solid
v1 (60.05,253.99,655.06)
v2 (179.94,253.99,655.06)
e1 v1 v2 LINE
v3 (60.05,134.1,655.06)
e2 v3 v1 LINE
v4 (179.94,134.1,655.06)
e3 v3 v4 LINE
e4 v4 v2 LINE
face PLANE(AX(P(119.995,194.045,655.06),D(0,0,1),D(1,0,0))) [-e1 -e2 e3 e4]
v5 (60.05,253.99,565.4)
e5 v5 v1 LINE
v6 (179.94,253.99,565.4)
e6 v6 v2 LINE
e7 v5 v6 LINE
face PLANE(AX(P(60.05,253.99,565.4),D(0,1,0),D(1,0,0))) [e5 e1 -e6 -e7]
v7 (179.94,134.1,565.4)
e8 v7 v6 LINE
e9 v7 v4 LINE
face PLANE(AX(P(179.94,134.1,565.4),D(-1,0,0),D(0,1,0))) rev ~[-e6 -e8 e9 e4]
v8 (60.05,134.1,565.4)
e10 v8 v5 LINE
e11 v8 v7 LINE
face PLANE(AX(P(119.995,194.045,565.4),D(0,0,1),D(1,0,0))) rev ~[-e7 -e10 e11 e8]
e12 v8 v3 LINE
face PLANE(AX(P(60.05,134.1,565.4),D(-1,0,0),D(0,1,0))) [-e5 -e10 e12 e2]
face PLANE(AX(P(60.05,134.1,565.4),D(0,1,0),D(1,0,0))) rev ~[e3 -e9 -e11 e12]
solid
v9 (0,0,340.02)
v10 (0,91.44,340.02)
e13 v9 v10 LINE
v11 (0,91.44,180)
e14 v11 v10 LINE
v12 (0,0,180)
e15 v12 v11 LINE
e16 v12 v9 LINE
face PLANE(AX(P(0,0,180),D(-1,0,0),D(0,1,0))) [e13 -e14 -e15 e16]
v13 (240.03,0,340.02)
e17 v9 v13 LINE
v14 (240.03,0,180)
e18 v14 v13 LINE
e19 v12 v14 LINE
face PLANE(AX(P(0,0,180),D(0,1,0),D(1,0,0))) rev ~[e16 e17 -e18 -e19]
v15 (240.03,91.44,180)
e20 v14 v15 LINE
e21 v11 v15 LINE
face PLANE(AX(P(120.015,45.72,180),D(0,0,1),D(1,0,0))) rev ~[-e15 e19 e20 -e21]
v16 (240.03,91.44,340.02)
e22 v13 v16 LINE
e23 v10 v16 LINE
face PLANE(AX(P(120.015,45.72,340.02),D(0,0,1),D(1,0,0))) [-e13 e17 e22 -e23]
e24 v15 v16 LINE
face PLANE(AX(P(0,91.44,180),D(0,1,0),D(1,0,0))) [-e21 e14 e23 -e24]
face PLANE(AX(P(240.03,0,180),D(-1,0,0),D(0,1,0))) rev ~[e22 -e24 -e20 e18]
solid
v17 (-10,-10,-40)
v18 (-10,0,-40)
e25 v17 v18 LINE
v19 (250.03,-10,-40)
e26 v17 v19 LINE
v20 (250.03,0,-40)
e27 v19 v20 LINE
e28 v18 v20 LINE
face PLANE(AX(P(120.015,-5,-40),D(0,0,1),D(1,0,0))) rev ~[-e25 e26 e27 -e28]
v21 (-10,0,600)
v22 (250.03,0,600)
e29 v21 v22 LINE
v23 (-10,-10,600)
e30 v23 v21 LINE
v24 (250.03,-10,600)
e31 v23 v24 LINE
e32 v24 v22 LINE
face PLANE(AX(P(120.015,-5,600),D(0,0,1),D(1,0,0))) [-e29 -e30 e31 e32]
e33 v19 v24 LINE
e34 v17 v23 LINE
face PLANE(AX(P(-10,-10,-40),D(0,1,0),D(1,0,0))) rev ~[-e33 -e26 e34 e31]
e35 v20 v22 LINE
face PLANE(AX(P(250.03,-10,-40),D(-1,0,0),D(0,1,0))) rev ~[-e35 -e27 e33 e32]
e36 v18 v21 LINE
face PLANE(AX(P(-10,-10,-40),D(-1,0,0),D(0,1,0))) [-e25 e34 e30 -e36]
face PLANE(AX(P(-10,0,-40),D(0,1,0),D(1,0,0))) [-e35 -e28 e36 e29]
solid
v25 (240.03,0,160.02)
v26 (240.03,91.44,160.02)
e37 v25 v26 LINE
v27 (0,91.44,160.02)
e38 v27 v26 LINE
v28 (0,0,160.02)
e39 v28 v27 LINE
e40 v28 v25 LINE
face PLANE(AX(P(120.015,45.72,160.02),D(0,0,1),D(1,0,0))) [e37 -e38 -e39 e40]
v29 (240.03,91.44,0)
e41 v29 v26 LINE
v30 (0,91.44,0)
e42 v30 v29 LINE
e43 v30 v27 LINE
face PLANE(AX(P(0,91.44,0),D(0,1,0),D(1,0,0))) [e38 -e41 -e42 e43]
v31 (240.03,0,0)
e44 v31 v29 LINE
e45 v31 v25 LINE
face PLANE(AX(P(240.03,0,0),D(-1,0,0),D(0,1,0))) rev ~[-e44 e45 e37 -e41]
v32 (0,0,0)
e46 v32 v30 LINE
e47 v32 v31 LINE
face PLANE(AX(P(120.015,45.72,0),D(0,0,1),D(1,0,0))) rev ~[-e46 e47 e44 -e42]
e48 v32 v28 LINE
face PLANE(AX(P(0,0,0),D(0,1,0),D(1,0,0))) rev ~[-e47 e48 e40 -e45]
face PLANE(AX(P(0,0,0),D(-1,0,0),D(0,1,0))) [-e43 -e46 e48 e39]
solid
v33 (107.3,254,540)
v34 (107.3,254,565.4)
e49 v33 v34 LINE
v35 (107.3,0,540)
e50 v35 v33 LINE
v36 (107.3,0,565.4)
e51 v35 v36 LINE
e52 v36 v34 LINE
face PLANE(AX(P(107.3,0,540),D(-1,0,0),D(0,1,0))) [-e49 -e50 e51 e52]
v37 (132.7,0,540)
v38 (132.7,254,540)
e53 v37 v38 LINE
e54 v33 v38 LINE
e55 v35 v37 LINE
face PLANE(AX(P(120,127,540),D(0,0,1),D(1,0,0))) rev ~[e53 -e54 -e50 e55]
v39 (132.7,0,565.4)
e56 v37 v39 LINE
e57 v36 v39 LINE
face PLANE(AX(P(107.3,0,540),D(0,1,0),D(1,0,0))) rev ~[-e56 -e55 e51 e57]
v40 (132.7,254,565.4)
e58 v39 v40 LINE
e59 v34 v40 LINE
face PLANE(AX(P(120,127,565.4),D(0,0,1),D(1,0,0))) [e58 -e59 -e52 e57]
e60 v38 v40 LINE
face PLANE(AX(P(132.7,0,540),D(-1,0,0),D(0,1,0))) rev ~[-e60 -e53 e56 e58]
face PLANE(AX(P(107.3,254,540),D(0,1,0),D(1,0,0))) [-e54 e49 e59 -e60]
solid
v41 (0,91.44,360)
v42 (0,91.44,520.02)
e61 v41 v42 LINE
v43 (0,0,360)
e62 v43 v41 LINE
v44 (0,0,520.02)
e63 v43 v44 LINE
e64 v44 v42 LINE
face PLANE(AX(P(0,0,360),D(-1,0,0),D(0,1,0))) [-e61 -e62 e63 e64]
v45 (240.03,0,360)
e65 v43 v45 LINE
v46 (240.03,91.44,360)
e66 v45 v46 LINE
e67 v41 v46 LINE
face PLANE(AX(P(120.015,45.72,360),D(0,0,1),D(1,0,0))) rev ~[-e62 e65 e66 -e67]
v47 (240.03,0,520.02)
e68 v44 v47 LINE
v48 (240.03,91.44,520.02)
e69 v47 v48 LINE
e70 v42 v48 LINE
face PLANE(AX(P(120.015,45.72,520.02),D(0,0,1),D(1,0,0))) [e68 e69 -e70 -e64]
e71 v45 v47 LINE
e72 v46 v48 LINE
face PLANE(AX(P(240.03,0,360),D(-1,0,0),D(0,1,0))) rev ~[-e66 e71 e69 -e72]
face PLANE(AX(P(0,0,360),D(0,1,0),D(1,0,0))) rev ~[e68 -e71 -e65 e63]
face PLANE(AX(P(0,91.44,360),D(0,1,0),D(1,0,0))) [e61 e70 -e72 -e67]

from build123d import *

# Parameters (mm, degrees)
BOX_W        = 240.03
BOX_H        = 91.44
BOX_DEPTH    = 160.02
BOX001_W     = 240.03
BOX001_H     = 91.44
BOX001_DEPTH = 160.02
BOX002_W     = 240.03
BOX002_H     = 91.44
BOX002_DEPTH = 160.02
BOX003_W     = 119.89
BOX003_H     = 119.89
BOX003_DEPTH = 89.66
BOX005_W     = 25.4
BOX005_H     = 254
BOX005_DEPTH = 25.4
BOX006_W     = 260.03
BOX006_H     = 10
BOX006_DEPTH = 640


with BuildPart() as power_module:
    # Box → Box (new body)
    with BuildSketch(Plane.XY):
        with Locations((120.015, 45.72)):
            Rectangle(BOX_W, BOX_H)
    extrude(amount=BOX_DEPTH)


with BuildPart() as main_module:
    # Box001 → Box001 (new body)
    with BuildSketch(Plane.XY.offset(180)):
        with Locations((120.015, 45.72)):
            Rectangle(BOX001_W, BOX001_H)
    extrude(amount=BOX001_DEPTH)


with BuildPart() as ozone_module:
    # Box002 → Box002 (new body)
    with BuildSketch(Plane.XY.offset(360)):
        with Locations((120.015, 45.72)):
            Rectangle(BOX002_W, BOX002_H)
    extrude(amount=BOX002_DEPTH)


with BuildPart() as light_module:
    # Box003 → Box003 (new body)
    with BuildSketch(Plane(origin=(60.05, 134.1, 565.4), x_dir=(1, 0, 0), z_dir=(0, 0, 1))):
        with Locations((59.945, 59.945)):
            Rectangle(BOX003_W, BOX003_H)
    extrude(amount=BOX003_DEPTH)


with BuildPart() as railing:
    # Box005 → Box005 (new body)
    with BuildSketch(Plane(origin=(107.3, 0, 540), x_dir=(1, 0, 0), z_dir=(0, 0, 1))):
        with Locations((12.7, 127)):
            Rectangle(BOX005_W, BOX005_H)
    extrude(amount=BOX005_DEPTH)


with BuildPart() as backpanel:
    # Box006 → Box006 (new body)
    with BuildSketch(Plane(origin=(-10, -10, -40), x_dir=(1, 0, 0), z_dir=(0, 0, 1))):
        with Locations((130.015, 5)):
            Rectangle(BOX006_W, BOX006_H)
    extrude(amount=BOX006_DEPTH)


solid = Compound([power_module.part, main_module.part, ozone_module.part, light_module.part, railing.part, backpanel.part])
